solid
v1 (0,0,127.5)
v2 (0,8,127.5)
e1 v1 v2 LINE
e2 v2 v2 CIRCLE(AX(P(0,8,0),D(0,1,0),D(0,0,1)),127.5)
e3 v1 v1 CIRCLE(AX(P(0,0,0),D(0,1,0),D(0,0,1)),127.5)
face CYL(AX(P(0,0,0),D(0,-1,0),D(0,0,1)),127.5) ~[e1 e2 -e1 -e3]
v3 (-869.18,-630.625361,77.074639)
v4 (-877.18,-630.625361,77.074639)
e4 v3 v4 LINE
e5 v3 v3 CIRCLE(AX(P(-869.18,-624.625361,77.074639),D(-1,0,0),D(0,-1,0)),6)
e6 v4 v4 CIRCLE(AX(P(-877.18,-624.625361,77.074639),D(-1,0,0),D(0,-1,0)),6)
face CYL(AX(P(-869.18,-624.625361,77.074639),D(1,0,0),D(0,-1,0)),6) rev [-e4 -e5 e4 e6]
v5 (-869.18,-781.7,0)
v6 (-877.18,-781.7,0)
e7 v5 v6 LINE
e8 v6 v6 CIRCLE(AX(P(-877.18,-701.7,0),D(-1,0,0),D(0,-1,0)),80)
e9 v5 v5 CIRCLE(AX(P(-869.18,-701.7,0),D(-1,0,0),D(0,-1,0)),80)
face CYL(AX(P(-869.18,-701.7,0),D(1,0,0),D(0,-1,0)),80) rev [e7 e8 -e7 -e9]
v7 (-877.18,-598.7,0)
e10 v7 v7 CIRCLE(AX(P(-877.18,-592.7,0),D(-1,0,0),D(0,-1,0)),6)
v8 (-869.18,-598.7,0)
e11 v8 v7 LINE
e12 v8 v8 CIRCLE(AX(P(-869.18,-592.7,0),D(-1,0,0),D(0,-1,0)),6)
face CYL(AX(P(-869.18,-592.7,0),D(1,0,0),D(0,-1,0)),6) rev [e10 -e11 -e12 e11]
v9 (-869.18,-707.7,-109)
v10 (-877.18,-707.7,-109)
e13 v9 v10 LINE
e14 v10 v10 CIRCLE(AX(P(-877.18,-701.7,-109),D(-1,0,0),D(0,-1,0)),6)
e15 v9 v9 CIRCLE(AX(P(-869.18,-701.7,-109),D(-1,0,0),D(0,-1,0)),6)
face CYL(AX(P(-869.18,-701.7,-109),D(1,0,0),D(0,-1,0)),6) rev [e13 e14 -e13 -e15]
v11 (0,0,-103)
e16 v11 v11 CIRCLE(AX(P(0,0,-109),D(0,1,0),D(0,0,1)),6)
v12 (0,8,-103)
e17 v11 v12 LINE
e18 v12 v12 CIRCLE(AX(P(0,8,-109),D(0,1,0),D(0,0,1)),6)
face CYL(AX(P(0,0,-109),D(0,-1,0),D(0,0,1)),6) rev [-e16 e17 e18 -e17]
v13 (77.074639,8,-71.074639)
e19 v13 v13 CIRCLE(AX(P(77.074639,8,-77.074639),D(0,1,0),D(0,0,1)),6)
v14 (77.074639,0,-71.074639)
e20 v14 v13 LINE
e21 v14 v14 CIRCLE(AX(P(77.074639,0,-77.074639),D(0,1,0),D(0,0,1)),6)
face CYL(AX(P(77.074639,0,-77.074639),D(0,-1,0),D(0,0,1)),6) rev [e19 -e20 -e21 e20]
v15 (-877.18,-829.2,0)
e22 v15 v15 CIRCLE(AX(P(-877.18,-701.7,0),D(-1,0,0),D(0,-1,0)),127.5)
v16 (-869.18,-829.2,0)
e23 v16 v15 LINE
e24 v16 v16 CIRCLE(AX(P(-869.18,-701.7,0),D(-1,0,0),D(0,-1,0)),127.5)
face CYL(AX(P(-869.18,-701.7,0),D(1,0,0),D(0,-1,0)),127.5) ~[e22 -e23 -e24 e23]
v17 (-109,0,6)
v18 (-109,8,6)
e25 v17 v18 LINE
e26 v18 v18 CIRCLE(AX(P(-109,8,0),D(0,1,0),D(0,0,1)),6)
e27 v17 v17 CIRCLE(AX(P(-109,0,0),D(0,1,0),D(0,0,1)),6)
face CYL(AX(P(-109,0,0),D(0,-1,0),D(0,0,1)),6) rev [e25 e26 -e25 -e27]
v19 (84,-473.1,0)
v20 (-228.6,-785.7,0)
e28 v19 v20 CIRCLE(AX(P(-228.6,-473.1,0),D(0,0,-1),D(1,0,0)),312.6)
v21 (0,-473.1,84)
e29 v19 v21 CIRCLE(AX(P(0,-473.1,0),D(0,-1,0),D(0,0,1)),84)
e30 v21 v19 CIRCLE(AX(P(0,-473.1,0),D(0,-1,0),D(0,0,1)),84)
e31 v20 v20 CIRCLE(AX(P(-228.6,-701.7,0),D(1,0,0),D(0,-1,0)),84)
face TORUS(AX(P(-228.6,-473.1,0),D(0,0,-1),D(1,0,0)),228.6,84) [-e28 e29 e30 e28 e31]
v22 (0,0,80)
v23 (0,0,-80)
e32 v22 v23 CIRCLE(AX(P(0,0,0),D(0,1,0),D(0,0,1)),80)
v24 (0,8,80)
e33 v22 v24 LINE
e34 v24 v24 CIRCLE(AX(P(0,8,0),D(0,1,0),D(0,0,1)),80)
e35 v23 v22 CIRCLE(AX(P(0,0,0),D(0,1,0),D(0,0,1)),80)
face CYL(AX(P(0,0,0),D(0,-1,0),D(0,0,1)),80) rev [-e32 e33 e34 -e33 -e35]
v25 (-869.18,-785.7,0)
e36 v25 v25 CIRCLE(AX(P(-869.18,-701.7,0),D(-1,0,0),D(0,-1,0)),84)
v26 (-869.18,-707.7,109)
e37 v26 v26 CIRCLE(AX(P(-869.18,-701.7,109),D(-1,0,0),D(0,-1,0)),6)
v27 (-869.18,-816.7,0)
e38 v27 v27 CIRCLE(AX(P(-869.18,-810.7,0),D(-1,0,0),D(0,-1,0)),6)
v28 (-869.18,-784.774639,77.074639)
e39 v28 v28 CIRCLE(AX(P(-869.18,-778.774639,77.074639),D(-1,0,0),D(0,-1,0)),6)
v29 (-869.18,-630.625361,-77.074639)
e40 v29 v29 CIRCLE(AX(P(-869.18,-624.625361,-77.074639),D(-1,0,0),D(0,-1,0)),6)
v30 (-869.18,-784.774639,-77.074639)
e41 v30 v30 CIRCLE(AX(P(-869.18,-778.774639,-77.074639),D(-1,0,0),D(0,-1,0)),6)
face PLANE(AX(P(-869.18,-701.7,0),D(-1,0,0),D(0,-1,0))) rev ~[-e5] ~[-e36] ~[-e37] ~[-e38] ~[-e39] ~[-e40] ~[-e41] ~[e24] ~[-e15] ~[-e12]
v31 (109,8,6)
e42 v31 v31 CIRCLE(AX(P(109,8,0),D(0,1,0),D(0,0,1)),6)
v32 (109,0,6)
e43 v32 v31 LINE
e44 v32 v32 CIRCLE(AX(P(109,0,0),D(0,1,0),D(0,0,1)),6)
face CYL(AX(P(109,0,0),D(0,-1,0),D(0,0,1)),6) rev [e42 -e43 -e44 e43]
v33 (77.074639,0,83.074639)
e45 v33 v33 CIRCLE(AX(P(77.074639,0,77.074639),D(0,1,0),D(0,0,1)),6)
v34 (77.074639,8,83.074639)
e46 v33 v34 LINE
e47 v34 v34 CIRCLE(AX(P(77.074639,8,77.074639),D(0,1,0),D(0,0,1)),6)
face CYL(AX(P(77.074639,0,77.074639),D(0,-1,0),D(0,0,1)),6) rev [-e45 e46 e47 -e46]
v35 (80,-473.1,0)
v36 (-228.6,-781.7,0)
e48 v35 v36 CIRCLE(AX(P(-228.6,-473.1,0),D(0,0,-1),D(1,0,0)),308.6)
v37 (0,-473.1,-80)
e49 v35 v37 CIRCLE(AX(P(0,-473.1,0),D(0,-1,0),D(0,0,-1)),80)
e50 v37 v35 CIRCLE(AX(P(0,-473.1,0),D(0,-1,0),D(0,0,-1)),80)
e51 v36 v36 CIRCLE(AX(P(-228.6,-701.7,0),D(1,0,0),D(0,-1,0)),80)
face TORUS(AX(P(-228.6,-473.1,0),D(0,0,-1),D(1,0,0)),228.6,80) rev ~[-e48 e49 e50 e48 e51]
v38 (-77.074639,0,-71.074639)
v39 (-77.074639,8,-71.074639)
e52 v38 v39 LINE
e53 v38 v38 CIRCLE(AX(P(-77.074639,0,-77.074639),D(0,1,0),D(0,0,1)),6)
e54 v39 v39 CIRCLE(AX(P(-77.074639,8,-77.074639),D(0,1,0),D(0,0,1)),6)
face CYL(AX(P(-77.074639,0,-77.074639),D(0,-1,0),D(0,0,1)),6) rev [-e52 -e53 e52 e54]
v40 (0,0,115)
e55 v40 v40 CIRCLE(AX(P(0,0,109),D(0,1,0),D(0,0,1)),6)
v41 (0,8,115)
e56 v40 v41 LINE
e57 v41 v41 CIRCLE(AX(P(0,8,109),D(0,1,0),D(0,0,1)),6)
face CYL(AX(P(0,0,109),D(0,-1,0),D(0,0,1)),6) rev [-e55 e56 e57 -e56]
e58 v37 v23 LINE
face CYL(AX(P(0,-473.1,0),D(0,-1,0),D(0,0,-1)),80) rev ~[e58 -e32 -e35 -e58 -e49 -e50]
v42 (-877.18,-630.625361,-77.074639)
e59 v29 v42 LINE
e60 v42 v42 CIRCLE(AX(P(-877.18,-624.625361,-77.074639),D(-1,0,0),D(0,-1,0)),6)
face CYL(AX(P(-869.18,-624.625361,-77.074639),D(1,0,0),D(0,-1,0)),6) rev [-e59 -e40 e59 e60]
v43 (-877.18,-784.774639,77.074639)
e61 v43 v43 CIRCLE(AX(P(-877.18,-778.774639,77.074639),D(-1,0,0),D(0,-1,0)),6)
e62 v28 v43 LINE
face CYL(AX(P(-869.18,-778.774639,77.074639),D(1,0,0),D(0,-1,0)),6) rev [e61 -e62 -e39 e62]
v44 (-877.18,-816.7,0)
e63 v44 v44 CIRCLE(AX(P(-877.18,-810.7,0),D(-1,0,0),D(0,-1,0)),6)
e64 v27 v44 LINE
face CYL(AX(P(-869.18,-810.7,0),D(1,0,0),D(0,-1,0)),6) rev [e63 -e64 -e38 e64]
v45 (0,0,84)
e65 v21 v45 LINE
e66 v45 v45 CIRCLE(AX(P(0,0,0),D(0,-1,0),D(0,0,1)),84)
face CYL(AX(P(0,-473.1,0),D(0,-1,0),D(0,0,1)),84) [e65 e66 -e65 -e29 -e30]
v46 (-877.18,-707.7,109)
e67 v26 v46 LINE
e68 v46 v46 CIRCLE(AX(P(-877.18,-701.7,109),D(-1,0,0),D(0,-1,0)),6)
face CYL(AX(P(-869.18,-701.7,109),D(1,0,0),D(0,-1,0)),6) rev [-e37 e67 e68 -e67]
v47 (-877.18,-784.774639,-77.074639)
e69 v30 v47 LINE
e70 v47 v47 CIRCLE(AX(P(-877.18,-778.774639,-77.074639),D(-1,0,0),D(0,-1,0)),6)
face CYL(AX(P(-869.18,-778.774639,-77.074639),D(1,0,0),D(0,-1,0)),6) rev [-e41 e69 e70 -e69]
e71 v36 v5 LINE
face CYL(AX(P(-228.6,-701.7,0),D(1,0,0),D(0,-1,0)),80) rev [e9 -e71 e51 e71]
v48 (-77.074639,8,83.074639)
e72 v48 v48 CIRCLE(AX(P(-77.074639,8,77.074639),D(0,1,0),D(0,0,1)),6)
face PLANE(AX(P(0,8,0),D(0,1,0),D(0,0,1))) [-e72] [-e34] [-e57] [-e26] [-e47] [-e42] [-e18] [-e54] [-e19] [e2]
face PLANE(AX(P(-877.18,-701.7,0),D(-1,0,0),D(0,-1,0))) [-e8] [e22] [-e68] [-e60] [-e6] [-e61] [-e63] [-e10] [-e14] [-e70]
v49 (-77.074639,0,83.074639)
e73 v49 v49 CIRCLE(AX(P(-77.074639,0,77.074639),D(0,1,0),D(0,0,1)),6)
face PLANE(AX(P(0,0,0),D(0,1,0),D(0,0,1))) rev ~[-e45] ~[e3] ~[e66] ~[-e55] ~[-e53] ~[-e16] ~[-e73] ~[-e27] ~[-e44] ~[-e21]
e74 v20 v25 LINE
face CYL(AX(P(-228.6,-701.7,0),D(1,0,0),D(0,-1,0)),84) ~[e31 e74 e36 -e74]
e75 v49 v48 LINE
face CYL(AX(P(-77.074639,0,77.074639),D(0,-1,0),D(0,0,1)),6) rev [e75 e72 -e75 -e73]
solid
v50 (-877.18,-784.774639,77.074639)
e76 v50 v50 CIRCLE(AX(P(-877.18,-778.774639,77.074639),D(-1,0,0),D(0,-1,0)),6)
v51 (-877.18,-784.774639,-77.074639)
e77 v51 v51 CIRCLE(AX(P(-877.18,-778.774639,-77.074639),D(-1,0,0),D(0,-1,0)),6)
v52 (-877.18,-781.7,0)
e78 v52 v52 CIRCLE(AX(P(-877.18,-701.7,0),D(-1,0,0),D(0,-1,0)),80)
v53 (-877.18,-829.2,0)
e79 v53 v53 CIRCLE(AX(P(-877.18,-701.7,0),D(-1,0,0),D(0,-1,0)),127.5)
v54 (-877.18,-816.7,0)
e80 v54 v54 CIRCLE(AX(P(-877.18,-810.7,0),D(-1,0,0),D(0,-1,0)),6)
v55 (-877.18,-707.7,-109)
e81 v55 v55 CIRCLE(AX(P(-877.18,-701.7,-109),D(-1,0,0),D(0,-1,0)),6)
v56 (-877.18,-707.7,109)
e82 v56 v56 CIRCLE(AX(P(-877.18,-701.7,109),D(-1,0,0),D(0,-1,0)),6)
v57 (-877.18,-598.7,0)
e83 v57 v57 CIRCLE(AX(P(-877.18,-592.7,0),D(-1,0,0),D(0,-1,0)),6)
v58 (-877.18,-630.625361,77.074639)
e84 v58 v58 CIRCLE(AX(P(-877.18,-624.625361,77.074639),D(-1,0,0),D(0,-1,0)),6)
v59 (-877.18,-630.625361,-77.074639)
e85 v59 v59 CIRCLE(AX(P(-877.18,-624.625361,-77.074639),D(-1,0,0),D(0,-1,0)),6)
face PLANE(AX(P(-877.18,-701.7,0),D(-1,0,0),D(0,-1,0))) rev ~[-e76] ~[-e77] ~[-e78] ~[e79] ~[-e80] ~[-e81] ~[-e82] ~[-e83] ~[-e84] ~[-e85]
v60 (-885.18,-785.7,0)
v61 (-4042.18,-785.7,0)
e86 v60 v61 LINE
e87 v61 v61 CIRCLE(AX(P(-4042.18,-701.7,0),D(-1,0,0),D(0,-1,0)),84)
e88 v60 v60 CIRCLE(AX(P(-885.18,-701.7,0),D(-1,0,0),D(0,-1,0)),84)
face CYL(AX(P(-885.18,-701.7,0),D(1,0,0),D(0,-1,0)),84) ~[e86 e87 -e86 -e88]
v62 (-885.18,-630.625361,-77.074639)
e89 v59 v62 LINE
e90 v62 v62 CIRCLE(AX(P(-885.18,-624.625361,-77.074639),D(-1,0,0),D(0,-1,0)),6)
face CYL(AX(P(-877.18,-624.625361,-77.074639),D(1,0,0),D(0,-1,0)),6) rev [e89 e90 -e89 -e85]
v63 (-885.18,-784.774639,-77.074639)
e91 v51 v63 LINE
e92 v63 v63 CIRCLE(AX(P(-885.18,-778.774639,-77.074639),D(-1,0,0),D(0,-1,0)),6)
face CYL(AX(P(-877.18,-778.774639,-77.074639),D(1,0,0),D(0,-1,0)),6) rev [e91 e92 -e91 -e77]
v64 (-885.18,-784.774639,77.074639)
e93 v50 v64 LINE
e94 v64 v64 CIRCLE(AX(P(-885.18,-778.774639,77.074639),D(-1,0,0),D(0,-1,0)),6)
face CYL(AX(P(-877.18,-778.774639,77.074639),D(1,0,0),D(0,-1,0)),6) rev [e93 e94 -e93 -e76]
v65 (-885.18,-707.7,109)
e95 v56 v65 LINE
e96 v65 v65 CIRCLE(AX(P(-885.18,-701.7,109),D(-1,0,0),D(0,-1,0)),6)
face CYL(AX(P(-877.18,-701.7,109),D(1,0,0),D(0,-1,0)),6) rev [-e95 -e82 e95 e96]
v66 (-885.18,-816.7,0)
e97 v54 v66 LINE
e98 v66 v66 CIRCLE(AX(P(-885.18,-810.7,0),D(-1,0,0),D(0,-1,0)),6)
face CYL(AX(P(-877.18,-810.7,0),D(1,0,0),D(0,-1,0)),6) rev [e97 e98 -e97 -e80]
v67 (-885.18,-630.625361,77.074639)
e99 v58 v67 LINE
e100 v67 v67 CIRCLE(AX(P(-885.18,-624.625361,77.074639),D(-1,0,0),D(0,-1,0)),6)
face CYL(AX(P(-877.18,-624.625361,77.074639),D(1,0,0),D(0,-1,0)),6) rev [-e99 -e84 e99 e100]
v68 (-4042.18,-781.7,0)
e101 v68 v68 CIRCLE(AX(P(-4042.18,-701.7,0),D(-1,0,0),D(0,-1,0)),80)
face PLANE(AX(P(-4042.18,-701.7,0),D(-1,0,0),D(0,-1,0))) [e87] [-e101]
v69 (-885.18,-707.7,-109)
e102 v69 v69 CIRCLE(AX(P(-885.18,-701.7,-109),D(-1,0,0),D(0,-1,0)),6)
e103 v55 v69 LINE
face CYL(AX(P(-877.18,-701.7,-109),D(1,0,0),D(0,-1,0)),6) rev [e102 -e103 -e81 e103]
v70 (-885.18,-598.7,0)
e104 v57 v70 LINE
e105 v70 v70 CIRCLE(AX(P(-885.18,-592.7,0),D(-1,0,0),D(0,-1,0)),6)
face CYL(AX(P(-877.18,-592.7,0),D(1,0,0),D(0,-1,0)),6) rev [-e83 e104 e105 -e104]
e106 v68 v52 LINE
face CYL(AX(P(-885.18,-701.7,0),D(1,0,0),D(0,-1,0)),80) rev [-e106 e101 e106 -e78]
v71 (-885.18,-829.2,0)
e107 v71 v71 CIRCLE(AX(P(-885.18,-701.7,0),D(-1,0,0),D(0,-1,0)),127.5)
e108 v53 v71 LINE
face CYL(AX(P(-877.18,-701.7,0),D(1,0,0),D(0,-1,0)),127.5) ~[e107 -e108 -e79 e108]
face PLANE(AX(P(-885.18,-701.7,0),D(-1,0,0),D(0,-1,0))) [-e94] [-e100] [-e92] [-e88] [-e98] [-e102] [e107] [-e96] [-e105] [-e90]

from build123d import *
from build123d.topology import SkipClean

# Parameters (mm, degrees)
SKETCH1_R           = 127.5
SKETCH1_R_2         = 6
SKETCH1_R_3         = 80
BOSS_EXTRUDE1_DEPTH = 8
BOSS_EXTRUDE2_START = 473.1
SKETCH2_R           = 84
SKETCH2_R_2         = 80
BOSS_EXTRUDE2_DEPTH = 473.1
SKETCH3_R           = 84
SKETCH3_R_2         = 80
SKETCH6_R           = 84
SKETCH6_R_2         = 80
BOSS_EXTRUDE3_DEPTH = 640.58
SKETCH7_R           = 127.5
SKETCH7_R_2         = 80
SKETCH7_R_3         = 6
BOSS_EXTRUDE4_DEPTH = 8
SKETCH8_R           = 127.5
SKETCH8_R_2         = 6
SKETCH8_R_3         = 80
BOSS_EXTRUDE5_DEPTH = 8
SKETCH9_R           = 84
SKETCH9_R_2         = 80
BOSS_EXTRUDE6_DEPTH = 3157


with BuildPart() as part:
    # Sketch1 → Boss-Extrude1 (new body)
    with BuildSketch(Plane(origin=(0, 0, 0), x_dir=(1, 0, 0), z_dir=(0, 1, 0))):
        with Locations(Location((0, 0, 0), (0, 0, 270))):
            Circle(SKETCH1_R)
        with Locations(Location((0, 109, 0), (0, 0, 270))):
            Circle(SKETCH1_R_2, mode=Mode.SUBTRACT)
        with Locations(Location((0, 0, 0), (0, 0, 270))):
            Circle(SKETCH1_R_3, mode=Mode.SUBTRACT)
        with Locations(Location((77.074639149, 77.074639149, 0), (0, 0, 270))):
            Circle(SKETCH1_R_2, mode=Mode.SUBTRACT)
        with Locations(Location((109, 0, 0), (0, 0, 270))):
            Circle(SKETCH1_R_2, mode=Mode.SUBTRACT)
        with Locations(Location((77.074639149, -77.074639149, 0), (0, 0, 270))):
            Circle(SKETCH1_R_2, mode=Mode.SUBTRACT)
        with Locations(Location((0, -109, 0), (0, 0, 270))):
            Circle(SKETCH1_R_2, mode=Mode.SUBTRACT)
        with Locations(Location((-77.074639149, -77.074639149, 0), (0, 0, 270))):
            Circle(SKETCH1_R_2, mode=Mode.SUBTRACT)
        with Locations(Location((-109, 0, 0), (0, 0, 270))):
            Circle(SKETCH1_R_2, mode=Mode.SUBTRACT)
        with Locations(Location((-77.074639149, 77.074639149, 0), (0, 0, 270))):
            Circle(SKETCH1_R_2, mode=Mode.SUBTRACT)
    extrude(amount=BOSS_EXTRUDE1_DEPTH)

    # Sketch2 → Boss-Extrude2 (add)
    with SkipClean():  # the faces are left unmerged after this step: merging them gives an invalid solid
        with BuildSketch(Plane.XZ.offset(BOSS_EXTRUDE2_START)):
            with Locations(Location((0, 0, 0), (0, 0, 90))):
                Circle(SKETCH2_R)
            with Locations(Location((0, 0, 0), (0, 0, 270))):
                Circle(SKETCH2_R_2, mode=Mode.SUBTRACT)
        extrude(amount=-BOSS_EXTRUDE2_DEPTH)

    # Sweep1: sweep along a path in Sketch5
    with SkipClean():  # the faces are left unmerged after this step: merging them gives an invalid solid
        with BuildLine(Plane.XY) as sweep1_path:
            ThreePointArc((0, -473.1), (-66.955389821, -634.744610179), (-228.6, -701.7))
        # Sketch3 → Sweep1 (sweep)
        with BuildSketch(Plane.XZ.offset(473.1)):
            Circle(SKETCH3_R)
            Circle(SKETCH3_R_2, mode=Mode.SUBTRACT)
        sweep(path=sweep1_path.line)

    # Sketch6 → Boss-Extrude3 (add)
    with SkipClean():  # the faces are left unmerged after this step: merging them gives an invalid solid
        with BuildSketch(Plane.ZY.offset(228.6)):
            with Locations(Location((0, -701.7, 0), (0, 0, 270))):
                Circle(SKETCH6_R)
            with Locations(Location((0, -701.7, 0), (0, 0, 270))):
                Circle(SKETCH6_R_2, mode=Mode.SUBTRACT)
        extrude(amount=BOSS_EXTRUDE3_DEPTH)

    # Sketch7 → Boss-Extrude4 (add)
    with SkipClean():  # the faces are left unmerged after this step: merging them gives an invalid solid
        with BuildSketch(Plane.ZY.offset(869.18)):
            with Locations(Location((0, -701.7, 0), (0, 0, 270))):
                Circle(SKETCH7_R)
            with Locations(Location((0, -701.7, 0), (0, 0, 270))):
                Circle(SKETCH7_R_2, mode=Mode.SUBTRACT)
            with Locations(Location((0, -592.7, 0), (0, 0, 270))):
                Circle(SKETCH7_R_3, mode=Mode.SUBTRACT)
            with Locations(Location((77.074639149, -624.625360851, 0), (0, 0, 270))):
                Circle(SKETCH7_R_3, mode=Mode.SUBTRACT)
            with Locations(Location((109, -701.7, 0), (0, 0, 270))):
                Circle(SKETCH7_R_3, mode=Mode.SUBTRACT)
            with Locations(Location((77.074639149, -778.774639149, 0), (0, 0, 270))):
                Circle(SKETCH7_R_3, mode=Mode.SUBTRACT)
            with Locations(Location((0, -810.7, 0), (0, 0, 270))):
                Circle(SKETCH7_R_3, mode=Mode.SUBTRACT)
            with Locations(Location((-77.074639149, -778.774639149, 0), (0, 0, 270))):
                Circle(SKETCH7_R_3, mode=Mode.SUBTRACT)
            with Locations(Location((-109, -701.7, 0), (0, 0, 270))):
                Circle(SKETCH7_R_3, mode=Mode.SUBTRACT)
            with Locations(Location((-77.074639149, -624.625360851, 0), (0, 0, 270))):
                Circle(SKETCH7_R_3, mode=Mode.SUBTRACT)
        extrude(amount=BOSS_EXTRUDE4_DEPTH)


with BuildPart() as body_2:
    # Sketch8 → Boss-Extrude5 (new body)
    with BuildSketch(Plane.ZY.offset(877.18)):
        with Locations(Location((0, -701.7, 0), (0, 0, 270))):
            Circle(SKETCH8_R)
        with Locations(Location((-109, -701.7, 0), (0, 0, 270))):
            Circle(SKETCH8_R_2, mode=Mode.SUBTRACT)
        with Locations(Location((-77.074639149, -624.625360851, 0), (0, 0, 270))):
            Circle(SKETCH8_R_2, mode=Mode.SUBTRACT)
        with Locations(Location((0, -592.7, 0), (0, 0, 270))):
            Circle(SKETCH8_R_2, mode=Mode.SUBTRACT)
        with Locations(Location((77.074639149, -624.625360851, 0), (0, 0, 270))):
            Circle(SKETCH8_R_2, mode=Mode.SUBTRACT)
        with Locations(Location((109, -701.7, 0), (0, 0, 270))):
            Circle(SKETCH8_R_2, mode=Mode.SUBTRACT)
        with Locations(Location((77.074639149, -778.774639149, 0), (0, 0, 270))):
            Circle(SKETCH8_R_2, mode=Mode.SUBTRACT)
        with Locations(Location((0, -810.7, 0), (0, 0, 270))):
            Circle(SKETCH8_R_2, mode=Mode.SUBTRACT)
        with Locations(Location((-77.074639149, -778.774639149, 0), (0, 0, 270))):
            Circle(SKETCH8_R_2, mode=Mode.SUBTRACT)
        with Locations(Location((0, -701.7, 0), (0, 0, 270))):
            Circle(SKETCH8_R_3, mode=Mode.SUBTRACT)
    extrude(amount=BOSS_EXTRUDE5_DEPTH)

    # Sketch9 → Boss-Extrude6 (add)
    with BuildSketch(Plane.ZY.offset(885.18)):
        with Locations(Location((0, -701.7, 0), (0, 0, 270))):
            Circle(SKETCH9_R)
        with Locations(Location((0, -701.7, 0), (0, 0, 270))):
            Circle(SKETCH9_R_2, mode=Mode.SUBTRACT)
    extrude(amount=BOSS_EXTRUDE6_DEPTH)


solid = Compound([part.part, body_2.part])
